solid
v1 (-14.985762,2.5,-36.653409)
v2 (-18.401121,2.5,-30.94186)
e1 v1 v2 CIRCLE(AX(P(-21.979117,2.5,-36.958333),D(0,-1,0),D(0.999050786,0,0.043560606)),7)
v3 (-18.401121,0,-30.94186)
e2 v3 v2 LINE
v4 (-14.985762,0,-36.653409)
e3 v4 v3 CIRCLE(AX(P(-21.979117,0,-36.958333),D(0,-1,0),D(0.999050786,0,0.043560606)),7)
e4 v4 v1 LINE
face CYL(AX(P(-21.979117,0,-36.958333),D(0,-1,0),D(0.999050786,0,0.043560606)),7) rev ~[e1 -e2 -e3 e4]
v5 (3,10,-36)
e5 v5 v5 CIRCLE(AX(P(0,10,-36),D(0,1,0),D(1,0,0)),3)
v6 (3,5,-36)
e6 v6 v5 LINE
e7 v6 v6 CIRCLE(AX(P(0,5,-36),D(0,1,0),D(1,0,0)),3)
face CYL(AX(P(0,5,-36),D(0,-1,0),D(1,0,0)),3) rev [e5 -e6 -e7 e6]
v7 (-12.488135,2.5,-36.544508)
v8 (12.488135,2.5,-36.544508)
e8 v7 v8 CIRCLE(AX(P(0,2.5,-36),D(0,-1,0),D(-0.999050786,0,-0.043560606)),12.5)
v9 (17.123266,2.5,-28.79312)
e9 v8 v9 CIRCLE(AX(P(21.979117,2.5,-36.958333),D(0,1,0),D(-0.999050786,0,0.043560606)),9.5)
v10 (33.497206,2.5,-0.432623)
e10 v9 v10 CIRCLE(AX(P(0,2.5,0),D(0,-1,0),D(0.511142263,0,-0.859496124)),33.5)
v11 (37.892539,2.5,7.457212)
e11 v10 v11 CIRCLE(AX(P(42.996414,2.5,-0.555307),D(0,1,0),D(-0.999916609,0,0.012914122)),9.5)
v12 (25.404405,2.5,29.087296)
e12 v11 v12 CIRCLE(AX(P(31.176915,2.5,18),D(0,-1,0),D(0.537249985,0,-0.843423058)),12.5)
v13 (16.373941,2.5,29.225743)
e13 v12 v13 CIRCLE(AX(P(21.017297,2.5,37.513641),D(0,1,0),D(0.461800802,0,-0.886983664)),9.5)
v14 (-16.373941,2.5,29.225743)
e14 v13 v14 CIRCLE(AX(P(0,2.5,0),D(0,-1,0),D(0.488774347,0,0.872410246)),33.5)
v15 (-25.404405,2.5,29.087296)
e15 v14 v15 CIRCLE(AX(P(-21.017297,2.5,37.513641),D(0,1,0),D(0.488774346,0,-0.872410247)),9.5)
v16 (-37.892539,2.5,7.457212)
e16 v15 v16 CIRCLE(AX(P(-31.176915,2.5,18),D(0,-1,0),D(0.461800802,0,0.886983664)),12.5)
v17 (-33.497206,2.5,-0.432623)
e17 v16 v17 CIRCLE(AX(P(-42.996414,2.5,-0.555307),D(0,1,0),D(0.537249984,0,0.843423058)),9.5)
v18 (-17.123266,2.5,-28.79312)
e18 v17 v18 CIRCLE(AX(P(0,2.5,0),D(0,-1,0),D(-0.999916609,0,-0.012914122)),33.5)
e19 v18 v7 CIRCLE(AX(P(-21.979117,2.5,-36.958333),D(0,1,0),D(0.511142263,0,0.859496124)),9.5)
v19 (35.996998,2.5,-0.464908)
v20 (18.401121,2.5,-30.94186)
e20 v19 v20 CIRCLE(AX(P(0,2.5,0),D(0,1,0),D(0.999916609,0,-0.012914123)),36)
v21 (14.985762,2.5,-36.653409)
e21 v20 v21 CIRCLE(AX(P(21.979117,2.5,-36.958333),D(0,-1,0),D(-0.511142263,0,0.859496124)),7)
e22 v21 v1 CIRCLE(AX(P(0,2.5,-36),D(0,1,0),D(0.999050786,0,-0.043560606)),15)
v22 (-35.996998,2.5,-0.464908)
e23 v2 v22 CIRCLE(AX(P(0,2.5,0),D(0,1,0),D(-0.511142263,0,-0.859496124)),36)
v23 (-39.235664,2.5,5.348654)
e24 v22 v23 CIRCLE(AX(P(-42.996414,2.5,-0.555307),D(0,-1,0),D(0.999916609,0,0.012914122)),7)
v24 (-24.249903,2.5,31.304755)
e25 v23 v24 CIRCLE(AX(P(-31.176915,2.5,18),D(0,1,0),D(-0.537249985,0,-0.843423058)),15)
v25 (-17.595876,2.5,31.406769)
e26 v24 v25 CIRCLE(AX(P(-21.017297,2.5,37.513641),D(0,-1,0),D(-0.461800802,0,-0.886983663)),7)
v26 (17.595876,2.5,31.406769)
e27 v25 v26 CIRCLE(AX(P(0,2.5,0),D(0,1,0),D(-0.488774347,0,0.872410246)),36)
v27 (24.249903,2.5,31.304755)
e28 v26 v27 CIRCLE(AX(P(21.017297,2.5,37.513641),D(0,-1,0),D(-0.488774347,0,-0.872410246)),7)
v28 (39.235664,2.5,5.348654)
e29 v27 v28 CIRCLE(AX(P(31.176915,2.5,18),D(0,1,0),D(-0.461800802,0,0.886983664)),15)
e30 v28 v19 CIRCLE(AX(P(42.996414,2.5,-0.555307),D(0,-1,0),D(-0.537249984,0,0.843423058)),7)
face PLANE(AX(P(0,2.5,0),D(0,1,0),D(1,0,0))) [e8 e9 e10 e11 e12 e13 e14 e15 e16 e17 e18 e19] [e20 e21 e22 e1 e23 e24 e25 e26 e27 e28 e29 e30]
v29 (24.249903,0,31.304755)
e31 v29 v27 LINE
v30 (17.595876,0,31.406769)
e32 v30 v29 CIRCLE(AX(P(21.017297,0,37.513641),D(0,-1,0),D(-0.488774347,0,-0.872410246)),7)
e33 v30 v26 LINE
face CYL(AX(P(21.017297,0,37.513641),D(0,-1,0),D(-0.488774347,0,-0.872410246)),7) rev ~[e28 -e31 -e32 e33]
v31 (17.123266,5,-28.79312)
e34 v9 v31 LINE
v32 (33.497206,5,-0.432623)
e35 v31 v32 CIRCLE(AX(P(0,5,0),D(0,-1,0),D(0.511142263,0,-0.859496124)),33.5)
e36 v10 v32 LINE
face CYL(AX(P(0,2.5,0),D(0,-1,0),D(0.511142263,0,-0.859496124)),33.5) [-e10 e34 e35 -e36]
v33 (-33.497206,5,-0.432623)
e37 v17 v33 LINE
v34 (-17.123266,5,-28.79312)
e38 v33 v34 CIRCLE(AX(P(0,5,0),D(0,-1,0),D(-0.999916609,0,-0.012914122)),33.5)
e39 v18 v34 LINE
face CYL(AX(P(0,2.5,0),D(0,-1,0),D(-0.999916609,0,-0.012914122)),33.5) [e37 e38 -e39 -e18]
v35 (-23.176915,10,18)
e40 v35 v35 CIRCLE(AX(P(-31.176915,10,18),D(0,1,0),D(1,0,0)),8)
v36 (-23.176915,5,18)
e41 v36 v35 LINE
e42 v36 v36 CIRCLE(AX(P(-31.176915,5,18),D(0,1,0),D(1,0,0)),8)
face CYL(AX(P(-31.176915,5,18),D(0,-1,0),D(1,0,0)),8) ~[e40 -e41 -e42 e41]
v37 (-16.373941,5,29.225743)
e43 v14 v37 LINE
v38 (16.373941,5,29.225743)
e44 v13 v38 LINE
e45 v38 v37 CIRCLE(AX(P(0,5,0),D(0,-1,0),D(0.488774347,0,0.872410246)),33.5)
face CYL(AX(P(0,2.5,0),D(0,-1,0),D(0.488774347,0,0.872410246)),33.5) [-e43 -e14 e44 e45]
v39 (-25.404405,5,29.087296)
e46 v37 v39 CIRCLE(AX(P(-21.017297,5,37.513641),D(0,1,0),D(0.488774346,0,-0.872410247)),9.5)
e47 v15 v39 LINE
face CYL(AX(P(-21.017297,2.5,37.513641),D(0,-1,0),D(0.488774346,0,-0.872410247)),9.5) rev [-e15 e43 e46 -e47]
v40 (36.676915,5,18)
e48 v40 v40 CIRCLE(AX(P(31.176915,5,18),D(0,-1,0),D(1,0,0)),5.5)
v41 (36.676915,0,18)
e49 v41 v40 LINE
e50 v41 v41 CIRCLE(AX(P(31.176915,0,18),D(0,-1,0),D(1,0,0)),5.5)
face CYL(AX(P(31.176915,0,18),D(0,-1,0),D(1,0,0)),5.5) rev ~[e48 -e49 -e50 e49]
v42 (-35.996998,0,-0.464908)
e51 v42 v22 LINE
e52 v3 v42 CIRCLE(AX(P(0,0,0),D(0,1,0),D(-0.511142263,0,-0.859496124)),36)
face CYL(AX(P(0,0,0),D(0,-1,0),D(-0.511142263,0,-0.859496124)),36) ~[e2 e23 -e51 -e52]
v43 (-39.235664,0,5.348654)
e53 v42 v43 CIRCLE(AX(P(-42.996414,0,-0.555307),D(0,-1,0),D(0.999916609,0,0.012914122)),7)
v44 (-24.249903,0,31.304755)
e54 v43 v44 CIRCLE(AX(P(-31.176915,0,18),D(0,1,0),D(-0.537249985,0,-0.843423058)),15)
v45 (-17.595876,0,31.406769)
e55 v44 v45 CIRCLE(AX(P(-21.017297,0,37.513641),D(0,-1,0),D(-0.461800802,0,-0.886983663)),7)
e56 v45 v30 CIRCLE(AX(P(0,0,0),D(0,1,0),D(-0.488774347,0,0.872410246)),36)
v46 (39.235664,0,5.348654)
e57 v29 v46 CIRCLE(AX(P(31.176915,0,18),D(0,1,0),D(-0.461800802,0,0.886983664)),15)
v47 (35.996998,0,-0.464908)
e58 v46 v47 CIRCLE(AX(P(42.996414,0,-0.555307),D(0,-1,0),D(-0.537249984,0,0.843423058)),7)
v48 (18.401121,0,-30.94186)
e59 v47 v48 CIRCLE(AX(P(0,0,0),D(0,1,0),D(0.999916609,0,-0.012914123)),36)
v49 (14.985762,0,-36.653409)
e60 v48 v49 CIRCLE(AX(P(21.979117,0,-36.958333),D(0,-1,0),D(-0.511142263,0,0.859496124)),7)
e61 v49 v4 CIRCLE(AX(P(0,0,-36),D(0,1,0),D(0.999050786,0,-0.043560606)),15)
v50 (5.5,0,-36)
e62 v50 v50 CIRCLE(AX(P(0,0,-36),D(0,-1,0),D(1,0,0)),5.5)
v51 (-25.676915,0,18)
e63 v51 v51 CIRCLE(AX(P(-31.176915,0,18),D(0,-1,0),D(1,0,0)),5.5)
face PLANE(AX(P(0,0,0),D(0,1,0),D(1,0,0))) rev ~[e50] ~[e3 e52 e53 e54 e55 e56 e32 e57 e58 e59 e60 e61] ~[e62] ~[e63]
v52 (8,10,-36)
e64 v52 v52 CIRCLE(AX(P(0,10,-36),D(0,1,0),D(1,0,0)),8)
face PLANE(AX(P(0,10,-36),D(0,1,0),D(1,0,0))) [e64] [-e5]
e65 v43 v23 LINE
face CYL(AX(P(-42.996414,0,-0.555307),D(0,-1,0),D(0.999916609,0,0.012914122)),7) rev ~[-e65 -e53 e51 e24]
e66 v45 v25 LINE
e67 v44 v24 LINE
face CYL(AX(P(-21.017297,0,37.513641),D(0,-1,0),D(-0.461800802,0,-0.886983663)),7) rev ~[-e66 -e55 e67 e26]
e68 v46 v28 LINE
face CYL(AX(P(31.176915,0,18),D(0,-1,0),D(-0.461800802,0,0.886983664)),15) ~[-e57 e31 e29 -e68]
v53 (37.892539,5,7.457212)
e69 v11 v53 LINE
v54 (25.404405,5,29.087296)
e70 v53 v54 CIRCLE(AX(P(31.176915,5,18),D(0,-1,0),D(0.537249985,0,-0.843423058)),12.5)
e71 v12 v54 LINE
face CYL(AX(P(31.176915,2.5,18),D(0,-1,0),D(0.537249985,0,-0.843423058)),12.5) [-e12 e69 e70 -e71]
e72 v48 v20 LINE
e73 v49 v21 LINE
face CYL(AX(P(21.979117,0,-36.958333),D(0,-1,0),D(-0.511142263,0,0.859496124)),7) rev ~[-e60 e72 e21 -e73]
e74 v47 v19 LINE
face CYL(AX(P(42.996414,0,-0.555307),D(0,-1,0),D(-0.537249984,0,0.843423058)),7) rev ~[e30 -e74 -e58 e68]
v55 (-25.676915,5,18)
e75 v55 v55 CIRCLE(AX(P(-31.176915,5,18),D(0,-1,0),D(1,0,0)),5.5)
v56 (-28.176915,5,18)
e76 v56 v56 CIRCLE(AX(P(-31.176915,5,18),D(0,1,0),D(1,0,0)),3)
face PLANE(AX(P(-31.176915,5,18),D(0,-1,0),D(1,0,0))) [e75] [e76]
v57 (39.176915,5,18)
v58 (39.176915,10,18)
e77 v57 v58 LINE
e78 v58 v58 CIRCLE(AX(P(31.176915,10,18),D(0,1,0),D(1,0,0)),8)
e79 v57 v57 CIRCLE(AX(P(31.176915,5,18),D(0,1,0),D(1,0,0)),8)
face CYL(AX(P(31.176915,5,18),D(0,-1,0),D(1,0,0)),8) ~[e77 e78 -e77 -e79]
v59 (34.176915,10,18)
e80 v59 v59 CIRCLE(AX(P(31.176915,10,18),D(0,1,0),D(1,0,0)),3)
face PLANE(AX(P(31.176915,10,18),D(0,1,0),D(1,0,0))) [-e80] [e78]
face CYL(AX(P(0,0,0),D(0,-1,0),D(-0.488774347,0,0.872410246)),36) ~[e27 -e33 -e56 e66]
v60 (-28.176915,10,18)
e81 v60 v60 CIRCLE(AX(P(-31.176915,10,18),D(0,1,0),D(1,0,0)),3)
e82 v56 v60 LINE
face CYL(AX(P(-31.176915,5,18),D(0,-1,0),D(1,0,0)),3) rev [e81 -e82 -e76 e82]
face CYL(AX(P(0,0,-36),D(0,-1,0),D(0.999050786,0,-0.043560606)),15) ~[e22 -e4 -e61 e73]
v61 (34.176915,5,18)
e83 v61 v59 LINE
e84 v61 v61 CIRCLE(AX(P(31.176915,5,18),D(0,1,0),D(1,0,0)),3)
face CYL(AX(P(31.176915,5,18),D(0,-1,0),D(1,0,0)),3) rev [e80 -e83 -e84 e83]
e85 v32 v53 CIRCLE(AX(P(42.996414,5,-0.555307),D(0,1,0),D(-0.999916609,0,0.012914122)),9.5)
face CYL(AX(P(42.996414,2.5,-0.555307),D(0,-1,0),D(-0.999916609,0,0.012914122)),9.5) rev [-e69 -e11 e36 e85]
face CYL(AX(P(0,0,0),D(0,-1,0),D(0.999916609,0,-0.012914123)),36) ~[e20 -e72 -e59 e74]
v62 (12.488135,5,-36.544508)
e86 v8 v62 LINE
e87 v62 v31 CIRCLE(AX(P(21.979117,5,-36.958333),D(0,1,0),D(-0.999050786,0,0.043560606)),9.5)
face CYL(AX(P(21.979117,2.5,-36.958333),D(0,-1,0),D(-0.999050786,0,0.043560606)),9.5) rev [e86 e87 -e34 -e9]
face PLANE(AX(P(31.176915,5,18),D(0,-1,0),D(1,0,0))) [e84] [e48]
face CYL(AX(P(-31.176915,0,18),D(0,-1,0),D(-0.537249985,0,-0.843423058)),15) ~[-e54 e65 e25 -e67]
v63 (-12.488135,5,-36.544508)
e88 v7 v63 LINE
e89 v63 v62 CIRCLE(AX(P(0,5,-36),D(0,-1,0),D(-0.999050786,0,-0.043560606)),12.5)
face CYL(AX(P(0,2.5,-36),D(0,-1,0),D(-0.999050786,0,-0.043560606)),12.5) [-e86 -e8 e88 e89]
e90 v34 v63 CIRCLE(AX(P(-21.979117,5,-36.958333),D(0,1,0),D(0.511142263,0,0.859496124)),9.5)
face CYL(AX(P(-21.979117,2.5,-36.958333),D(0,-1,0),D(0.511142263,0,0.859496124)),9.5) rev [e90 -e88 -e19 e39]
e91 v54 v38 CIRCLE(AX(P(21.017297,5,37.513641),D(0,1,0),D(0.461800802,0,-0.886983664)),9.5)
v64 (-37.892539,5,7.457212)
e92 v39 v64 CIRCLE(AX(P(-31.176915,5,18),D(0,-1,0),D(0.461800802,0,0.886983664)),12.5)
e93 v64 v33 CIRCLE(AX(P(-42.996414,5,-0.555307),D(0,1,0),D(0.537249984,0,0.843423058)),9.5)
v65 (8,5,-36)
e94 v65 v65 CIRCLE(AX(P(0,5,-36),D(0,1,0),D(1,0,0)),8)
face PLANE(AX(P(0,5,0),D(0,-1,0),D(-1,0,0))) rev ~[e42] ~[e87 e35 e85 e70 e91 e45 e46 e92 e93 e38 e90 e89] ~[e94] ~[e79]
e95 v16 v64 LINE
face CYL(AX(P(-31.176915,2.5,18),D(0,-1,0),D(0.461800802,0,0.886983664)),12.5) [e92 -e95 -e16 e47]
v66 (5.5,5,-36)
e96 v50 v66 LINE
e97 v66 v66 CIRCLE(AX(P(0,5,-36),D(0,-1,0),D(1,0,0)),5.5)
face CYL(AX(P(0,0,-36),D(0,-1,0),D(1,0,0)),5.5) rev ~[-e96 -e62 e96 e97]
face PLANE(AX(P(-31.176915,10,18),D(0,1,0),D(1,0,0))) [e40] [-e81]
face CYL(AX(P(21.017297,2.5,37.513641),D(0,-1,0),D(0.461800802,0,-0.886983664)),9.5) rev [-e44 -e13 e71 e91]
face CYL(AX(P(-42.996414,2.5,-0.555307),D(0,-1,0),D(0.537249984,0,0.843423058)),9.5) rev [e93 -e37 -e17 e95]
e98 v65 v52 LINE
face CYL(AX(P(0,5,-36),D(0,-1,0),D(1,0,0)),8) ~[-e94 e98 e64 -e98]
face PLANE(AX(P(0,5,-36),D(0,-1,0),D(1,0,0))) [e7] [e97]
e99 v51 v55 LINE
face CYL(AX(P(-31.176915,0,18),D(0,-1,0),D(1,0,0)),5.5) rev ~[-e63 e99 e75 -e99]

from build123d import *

# Parameters (mm, degrees)
BOSS_EXTRUDE1_DEPTH = 2.5
BOSS_EXTRUDE2_DEPTH = 2.5
SKETCH3_R           = 8
SKETCH3_R_2         = 3
BOSS_EXTRUDE3_DEPTH = 5
SKETCH4_R           = 5.5
CUT_EXTRUDE1_DEPTH  = 5


with BuildPart() as part:
    # Sketch1 → Boss-Extrude1 (new body)
    with BuildSketch(Plane(origin=(0, 0, 0), x_dir=(1, 0, 0), z_dir=(0, 1, 0))):
        with BuildLine():
            ThreePointArc((-18.401121459, 30.941860465), (-31.176914536, 18), (-35.996997933, 0.464908409))
            ThreePointArc((-35.996997933, 0.464908409), (-36.88129594, -2.851352197), (-39.235664305, -5.348654136))
            ThreePointArc((-39.235664305, -5.348654136), (-44.167295593, -25.5), (-24.249902511, -31.304754955))
            ThreePointArc((-24.249902511, -31.304754955), (-20.909991408, -30.51446311), (-17.595876474, -31.406768874))
            ThreePointArc((-17.595876474, -31.406768874), (0, -36), (17.595876474, -31.406768874))
            ThreePointArc((17.595876474, -31.406768874), (20.909991408, -30.51446311), (24.249902511, -31.304754955))
            ThreePointArc((24.249902511, -31.304754955), (44.167295593, -25.5), (39.235664305, -5.348654136))
            ThreePointArc((39.235664305, -5.348654136), (36.88129594, -2.851352197), (35.996997933, 0.464908409))
            ThreePointArc((35.996997933, 0.464908409), (31.176914536, 18), (18.401121459, 30.941860465))
            ThreePointArc((18.401121459, 30.941860465), (15.971304532, 33.365815307), (14.985761794, 36.653409091))
            ThreePointArc((14.985761794, 36.653409091), (0, 51), (-14.985761794, 36.653409091))
            ThreePointArc((-14.985761794, 36.653409091), (-15.971304532, 33.365815307), (-18.401121459, 30.941860465))
        make_face()
    extrude(amount=BOSS_EXTRUDE1_DEPTH)

    # Sketch2 → Boss-Extrude2 (add)
    with BuildSketch(Plane(origin=(0, 2.5, 0), x_dir=(1, 0, 0), z_dir=(0, 1, 0))):
        with BuildLine():
            ThreePointArc((33.49720641, 0.432623103), (34.697325134, -4.068016291), (37.892539344, -7.45721178))
            ThreePointArc((37.892539344, -7.45721178), (42.002232084, -24.25), (25.404404515, -29.087295795))
            ThreePointArc((25.404404515, -29.087295795), (20.871668018, -28.014756864), (16.373940607, -29.225743258))
            ThreePointArc((16.373940607, -29.225743258), (0, -33.5), (-16.373940607, -29.225743258))
            ThreePointArc((-16.373940607, -29.225743258), (-20.871668018, -28.014756864), (-25.404404515, -29.087295795))
            ThreePointArc((-25.404404515, -29.087295795), (-42.002232084, -24.25), (-37.892539344, -7.45721178))
            ThreePointArc((-37.892539344, -7.45721178), (-34.697325134, -4.068016291), (-33.49720641, 0.432623103))
            ThreePointArc((-33.49720641, 0.432623103), (-29.011851027, 16.75), (-17.123265802, 28.793120155))
            ThreePointArc((-17.123265802, 28.793120155), (-13.825657116, 32.082773155), (-12.488134829, 36.544507576))
            ThreePointArc((-12.488134829, 36.544507576), (0, 48.5), (12.488134829, 36.544507576))
            ThreePointArc((12.488134829, 36.544507576), (13.825657116, 32.082773155), (17.123265802, 28.793120155))
            ThreePointArc((17.123265802, 28.793120155), (29.011851027, 16.75), (33.49720641, 0.432623103))
        make_face()
    extrude(amount=BOSS_EXTRUDE2_DEPTH)

    # Sketch3 → Boss-Extrude3 (add)
    with BuildSketch(Plane(origin=(0, 5, 0), x_dir=(1, 0, 0), z_dir=(0, 1, 0))):
        with Locations((0, 36)):
            Circle(SKETCH3_R)
        with Locations((0, 36)):
            Circle(SKETCH3_R_2, mode=Mode.SUBTRACT)
        with Locations((31.176914536, -18)):
            Circle(SKETCH3_R)
        with Locations((31.176914536, -18)):
            Circle(SKETCH3_R_2, mode=Mode.SUBTRACT)
        with Locations((-31.176914536, -18)):
            Circle(SKETCH3_R)
        with Locations((-31.176914536, -18)):
            Circle(SKETCH3_R_2, mode=Mode.SUBTRACT)
    extrude(amount=BOSS_EXTRUDE3_DEPTH)

    # Sketch4 → Cut-Extrude1 (cut)
    with BuildSketch(Plane.XZ):
        with Locations((31.176914536, 18)):
            Circle(SKETCH4_R)
        with Locations((0, -36)):
            Circle(SKETCH4_R)
        with Locations((-31.176914536, 18)):
            Circle(SKETCH4_R)
    extrude(amount=-CUT_EXTRUDE1_DEPTH, mode=Mode.SUBTRACT)


solid = part.part
